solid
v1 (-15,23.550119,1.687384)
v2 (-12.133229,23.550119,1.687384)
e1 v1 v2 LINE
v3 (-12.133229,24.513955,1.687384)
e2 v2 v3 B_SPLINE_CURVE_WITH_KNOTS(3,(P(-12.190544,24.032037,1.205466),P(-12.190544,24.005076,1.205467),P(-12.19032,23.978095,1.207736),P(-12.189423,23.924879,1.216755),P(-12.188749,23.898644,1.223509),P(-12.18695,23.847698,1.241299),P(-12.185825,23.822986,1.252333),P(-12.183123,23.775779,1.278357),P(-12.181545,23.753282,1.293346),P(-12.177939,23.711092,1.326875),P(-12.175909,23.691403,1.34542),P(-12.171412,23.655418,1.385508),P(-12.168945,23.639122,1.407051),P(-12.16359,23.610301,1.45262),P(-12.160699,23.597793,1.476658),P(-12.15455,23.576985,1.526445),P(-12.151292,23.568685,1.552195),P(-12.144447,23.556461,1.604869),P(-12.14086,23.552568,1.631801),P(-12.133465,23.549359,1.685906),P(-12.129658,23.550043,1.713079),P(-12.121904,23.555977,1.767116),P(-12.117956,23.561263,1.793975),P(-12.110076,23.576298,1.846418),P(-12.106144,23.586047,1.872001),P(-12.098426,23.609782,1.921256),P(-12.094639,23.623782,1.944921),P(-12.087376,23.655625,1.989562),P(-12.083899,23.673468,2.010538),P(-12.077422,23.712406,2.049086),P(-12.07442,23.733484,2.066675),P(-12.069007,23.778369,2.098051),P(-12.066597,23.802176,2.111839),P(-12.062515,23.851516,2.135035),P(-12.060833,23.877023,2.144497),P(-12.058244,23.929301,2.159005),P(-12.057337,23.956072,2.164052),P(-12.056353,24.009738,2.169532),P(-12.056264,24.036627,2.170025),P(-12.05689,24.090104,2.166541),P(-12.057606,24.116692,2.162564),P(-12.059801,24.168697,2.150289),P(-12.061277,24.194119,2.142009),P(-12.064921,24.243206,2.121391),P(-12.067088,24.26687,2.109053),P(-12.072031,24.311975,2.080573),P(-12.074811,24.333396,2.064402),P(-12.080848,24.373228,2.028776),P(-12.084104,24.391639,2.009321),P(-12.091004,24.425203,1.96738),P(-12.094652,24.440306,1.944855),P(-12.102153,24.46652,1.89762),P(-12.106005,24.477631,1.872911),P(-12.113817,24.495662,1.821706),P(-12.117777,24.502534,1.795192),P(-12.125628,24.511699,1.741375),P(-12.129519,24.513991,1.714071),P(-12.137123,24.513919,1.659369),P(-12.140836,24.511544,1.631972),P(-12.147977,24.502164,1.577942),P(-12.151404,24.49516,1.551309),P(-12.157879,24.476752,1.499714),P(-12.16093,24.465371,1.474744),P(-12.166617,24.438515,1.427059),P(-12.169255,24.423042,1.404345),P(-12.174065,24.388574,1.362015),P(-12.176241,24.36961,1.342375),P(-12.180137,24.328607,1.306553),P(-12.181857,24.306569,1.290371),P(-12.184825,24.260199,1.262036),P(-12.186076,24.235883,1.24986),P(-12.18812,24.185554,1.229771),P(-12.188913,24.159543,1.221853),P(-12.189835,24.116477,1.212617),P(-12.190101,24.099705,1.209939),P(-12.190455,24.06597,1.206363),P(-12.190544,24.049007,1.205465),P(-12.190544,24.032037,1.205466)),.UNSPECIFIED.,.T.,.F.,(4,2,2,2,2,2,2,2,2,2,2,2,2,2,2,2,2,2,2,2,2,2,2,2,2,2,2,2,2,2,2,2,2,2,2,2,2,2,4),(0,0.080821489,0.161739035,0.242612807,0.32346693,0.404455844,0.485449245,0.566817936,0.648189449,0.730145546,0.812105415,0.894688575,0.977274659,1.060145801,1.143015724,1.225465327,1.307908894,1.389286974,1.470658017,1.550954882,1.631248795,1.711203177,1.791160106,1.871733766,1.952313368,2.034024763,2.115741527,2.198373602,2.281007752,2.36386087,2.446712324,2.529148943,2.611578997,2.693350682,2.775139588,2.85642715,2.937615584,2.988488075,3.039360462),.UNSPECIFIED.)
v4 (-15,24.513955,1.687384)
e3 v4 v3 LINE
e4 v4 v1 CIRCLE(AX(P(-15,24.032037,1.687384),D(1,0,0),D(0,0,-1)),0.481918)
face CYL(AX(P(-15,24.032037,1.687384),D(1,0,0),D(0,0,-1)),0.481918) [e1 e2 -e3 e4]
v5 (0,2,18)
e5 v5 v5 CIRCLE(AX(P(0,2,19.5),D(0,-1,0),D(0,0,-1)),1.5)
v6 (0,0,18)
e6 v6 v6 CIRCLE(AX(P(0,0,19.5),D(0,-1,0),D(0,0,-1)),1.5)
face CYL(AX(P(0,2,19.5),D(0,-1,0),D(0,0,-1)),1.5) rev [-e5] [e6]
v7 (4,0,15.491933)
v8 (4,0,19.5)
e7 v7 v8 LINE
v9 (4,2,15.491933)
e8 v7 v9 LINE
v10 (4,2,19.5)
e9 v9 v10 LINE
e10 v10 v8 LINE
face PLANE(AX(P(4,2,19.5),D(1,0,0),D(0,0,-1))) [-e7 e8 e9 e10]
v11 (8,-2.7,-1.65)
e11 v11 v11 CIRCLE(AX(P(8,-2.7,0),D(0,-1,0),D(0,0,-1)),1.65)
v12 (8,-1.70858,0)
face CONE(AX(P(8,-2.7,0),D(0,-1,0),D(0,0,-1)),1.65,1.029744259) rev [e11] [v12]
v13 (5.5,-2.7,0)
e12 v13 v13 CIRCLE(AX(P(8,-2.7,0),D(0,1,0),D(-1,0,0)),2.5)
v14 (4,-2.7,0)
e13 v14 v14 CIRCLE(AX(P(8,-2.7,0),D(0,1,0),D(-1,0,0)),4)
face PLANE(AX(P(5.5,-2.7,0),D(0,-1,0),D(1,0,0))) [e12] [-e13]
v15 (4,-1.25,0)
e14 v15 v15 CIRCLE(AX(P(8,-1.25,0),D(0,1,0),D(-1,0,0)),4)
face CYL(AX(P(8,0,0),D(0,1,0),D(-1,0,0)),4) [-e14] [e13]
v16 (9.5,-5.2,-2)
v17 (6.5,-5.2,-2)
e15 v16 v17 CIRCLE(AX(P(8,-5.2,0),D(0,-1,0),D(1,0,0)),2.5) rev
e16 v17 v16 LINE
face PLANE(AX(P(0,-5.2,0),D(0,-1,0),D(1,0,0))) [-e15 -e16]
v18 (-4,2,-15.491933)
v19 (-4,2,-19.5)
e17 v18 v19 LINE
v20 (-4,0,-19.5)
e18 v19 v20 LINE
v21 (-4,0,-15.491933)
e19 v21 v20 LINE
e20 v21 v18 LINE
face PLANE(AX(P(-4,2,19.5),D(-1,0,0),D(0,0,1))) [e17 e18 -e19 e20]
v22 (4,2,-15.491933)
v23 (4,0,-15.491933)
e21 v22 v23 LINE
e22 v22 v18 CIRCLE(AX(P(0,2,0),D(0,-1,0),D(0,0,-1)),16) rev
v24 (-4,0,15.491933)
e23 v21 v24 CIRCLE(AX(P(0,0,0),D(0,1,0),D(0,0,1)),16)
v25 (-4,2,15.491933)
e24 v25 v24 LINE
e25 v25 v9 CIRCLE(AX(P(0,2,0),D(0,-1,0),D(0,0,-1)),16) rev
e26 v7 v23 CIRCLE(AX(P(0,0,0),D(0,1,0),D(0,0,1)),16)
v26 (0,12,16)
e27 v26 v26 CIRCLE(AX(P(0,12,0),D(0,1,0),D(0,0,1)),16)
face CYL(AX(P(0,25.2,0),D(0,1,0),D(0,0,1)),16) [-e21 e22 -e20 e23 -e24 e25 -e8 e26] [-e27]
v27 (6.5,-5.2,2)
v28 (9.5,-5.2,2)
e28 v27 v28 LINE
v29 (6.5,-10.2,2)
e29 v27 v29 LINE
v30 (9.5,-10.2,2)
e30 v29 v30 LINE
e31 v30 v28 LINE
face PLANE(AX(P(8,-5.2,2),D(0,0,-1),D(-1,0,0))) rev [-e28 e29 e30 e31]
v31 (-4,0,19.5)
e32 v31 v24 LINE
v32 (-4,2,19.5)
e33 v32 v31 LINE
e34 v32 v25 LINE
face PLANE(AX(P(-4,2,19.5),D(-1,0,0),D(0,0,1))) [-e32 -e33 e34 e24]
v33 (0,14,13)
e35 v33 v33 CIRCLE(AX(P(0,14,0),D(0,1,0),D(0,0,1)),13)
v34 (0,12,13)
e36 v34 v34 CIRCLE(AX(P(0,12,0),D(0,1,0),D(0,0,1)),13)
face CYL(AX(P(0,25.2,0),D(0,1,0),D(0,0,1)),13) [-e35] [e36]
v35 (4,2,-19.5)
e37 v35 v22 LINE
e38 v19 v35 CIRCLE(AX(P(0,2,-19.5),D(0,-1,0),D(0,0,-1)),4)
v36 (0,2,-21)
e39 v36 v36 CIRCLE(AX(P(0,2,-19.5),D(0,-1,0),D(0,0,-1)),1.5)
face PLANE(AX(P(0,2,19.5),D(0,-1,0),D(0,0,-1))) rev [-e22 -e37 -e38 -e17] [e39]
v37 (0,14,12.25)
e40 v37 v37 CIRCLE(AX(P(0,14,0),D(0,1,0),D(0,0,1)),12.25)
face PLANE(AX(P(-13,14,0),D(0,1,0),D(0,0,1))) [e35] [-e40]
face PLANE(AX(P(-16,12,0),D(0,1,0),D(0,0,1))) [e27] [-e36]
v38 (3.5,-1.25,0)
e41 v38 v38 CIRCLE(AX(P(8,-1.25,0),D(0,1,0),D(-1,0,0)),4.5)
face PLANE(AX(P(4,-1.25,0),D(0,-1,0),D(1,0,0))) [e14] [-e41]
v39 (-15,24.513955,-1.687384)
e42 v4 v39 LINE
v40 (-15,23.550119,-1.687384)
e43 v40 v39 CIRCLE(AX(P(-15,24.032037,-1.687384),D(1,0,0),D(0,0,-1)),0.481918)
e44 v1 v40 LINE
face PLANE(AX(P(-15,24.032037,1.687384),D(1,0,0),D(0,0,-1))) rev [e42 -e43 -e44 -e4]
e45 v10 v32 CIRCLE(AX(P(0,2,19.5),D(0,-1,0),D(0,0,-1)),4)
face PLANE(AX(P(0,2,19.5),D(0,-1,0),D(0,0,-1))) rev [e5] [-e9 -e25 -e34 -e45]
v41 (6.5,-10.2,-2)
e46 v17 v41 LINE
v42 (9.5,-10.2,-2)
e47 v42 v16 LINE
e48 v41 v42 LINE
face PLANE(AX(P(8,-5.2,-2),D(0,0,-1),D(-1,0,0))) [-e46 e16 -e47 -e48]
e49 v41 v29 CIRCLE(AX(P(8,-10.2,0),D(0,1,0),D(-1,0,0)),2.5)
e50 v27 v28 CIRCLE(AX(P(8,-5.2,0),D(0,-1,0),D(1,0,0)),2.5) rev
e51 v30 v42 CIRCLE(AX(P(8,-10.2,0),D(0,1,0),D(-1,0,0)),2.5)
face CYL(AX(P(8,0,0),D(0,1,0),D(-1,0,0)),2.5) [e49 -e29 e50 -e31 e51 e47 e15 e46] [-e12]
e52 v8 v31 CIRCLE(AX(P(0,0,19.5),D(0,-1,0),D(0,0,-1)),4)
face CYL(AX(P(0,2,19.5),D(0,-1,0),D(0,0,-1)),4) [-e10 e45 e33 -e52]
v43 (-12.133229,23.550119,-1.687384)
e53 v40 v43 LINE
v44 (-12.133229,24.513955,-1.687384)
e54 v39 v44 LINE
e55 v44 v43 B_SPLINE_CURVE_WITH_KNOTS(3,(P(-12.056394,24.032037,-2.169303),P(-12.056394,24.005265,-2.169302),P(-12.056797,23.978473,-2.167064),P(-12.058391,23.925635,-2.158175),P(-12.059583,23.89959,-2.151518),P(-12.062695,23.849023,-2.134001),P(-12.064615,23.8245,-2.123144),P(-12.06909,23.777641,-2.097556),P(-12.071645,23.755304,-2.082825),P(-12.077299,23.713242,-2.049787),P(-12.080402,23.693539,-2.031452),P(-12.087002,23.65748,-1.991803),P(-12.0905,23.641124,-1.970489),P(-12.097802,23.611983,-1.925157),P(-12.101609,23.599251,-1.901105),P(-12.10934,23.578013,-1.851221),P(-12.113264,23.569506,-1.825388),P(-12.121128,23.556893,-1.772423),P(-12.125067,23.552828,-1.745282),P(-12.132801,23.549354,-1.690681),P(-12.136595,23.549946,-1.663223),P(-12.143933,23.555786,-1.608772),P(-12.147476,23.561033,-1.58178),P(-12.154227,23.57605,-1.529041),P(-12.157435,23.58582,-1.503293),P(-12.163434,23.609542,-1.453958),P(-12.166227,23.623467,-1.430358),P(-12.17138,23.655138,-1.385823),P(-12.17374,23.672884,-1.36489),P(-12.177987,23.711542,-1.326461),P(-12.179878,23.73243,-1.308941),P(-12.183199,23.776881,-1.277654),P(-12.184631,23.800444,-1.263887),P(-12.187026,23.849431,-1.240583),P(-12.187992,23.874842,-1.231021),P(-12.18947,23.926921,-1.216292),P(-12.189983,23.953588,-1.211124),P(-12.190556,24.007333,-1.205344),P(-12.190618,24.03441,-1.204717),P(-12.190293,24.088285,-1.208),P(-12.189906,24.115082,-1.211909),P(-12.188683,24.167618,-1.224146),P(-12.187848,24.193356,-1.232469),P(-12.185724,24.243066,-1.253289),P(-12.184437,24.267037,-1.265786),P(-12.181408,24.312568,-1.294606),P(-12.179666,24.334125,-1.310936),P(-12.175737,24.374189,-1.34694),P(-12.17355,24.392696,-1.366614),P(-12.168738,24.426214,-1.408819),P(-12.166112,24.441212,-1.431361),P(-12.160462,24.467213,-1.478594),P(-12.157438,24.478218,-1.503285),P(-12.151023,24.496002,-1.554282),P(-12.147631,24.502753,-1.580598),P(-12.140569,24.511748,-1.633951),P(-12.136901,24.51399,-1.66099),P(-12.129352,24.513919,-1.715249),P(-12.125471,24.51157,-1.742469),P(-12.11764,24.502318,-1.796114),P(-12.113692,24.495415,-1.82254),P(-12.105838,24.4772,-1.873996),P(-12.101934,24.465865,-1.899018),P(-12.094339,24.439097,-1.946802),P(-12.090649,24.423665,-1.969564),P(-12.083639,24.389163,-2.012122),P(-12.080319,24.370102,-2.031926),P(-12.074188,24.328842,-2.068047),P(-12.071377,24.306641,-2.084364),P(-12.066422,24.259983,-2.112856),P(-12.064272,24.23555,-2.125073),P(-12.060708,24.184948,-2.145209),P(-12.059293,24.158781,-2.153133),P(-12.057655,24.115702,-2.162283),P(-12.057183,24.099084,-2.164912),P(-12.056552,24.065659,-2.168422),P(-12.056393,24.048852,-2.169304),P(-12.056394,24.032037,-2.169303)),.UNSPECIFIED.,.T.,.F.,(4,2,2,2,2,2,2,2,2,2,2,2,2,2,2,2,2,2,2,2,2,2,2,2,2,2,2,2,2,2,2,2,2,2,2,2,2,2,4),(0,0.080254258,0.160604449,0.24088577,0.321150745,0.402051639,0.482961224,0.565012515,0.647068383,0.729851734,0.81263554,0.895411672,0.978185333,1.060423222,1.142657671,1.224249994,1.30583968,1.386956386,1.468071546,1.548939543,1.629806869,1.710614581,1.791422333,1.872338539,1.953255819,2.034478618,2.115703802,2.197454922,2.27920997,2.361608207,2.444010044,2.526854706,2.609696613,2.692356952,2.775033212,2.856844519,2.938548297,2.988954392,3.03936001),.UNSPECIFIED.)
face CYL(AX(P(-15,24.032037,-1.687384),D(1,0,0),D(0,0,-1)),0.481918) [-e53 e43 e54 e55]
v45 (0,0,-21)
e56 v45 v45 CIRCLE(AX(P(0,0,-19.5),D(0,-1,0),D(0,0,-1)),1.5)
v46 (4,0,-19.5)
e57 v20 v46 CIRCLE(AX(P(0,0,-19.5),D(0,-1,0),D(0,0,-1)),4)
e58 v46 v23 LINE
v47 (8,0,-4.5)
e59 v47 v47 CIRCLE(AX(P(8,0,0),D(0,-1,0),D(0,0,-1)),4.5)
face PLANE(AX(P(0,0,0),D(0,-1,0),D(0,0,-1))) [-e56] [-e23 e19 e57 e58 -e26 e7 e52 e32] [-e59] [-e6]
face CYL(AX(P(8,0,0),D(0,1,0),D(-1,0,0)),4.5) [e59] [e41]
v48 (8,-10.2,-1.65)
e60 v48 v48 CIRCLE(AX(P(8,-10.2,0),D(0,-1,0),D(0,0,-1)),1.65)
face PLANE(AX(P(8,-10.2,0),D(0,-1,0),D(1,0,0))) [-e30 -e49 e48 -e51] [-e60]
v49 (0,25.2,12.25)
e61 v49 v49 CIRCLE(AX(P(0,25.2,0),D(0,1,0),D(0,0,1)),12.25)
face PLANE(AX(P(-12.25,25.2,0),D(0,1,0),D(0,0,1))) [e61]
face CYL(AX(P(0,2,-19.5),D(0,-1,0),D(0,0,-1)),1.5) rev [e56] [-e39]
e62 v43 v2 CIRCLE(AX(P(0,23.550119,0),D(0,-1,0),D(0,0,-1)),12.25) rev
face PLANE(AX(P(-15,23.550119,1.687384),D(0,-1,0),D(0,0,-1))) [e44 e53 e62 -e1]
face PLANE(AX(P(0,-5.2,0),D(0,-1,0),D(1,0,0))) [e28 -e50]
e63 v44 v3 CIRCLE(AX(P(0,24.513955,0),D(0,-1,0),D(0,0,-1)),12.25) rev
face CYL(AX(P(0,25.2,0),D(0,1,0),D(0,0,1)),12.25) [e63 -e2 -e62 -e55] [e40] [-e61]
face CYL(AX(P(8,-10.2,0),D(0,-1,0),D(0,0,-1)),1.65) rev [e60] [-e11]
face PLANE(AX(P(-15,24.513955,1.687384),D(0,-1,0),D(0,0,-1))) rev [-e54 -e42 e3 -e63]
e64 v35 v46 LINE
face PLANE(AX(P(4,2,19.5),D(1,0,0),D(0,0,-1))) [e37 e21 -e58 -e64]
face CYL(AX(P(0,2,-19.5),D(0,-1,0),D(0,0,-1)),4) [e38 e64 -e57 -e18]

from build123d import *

# Parameters (mm, degrees)
HOLE_WIZARD_M4_1_D     = 3.3
HOLE_WIZARD_M4_1_DEPTH = 7.5
HOLE_WIZARD_M4_1_TIP   = 0.991420021
CUT_EXTRUDE_START      = 10.2
SKETCH_5_W             = 10.320177725
SKETCH_5_H             = 3.570001837
SKETCH_5_W_2           = 11.817937116
SKETCH_5_H_2           = 2.503104736
CUT_EXTRUDE_1_DEPTH    = 5
SKETCH_6_R             = 1.5
EXTRUDE_1_DEPTH        = 2
EXTRUDE_2_DEPTH        = 15


with BuildPart() as part:
    # 草图1 → 旋转1 (revolve)
    with BuildSketch(Plane.XY):
        Polygon((0, 0), (-16, 0), (-16, 12), (-13, 12), (-13, 14), (-12.25, 14), (-12.25, 25.2), (0, 25.2), align=None)
    revolve(axis=Axis((0, 25.2, 0), (0, -1, 0)))

    # 草图2 → 旋转2 (revolve)
    with BuildSketch(Plane.XY):
        Polygon((8, -10.2), (5.5, -10.2), (5.5, -2.7), (4, -2.7), (4, -1.25), (3.5, -1.25), (3.5, 0), (8, 0), align=None)
    revolve(axis=Axis((8, 0, 0), (0, -1, 0)))

    # M4 螺纹孔1
    with Locations(Plane(origin=(0, -10.2, 0), x_dir=(-1, 0, 0), z_dir=(0, -1, 0))):
        with Locations((-8, 0)):
            Hole(HOLE_WIZARD_M4_1_D / 2, depth=HOLE_WIZARD_M4_1_DEPTH)
            with Locations((0, 0, -(HOLE_WIZARD_M4_1_DEPTH + HOLE_WIZARD_M4_1_TIP / 2))):  # 118° drill point
                Cone(0, HOLE_WIZARD_M4_1_D / 2, HOLE_WIZARD_M4_1_TIP, mode=Mode.SUBTRACT)

    # 草图5 → 切除-拉伸1 (cut)
    with BuildSketch(Plane.XZ.offset(CUT_EXTRUDE_START)):
        with Locations((7.585780696, 3.785000919)):
            Rectangle(SKETCH_5_W, SKETCH_5_H)
        with Locations((6.836901, -3.251552368)):
            Rectangle(SKETCH_5_W_2, SKETCH_5_H_2)
    extrude(amount=-CUT_EXTRUDE_1_DEPTH, mode=Mode.SUBTRACT)

    # 草图6 → 凸台-拉伸1 (add)
    with BuildSketch(Plane.XZ):
        with BuildLine():
            Line((4, 19.5), (4, -19.5))
            ThreePointArc((4, -19.5), (0, -23.5), (-4, -19.5))
            Line((-4, -19.5), (-4, 19.5))
            ThreePointArc((-4, 19.5), (0, 23.5), (4, 19.5))
        make_face()
        with Locations((0, -19.5)):
            Circle(SKETCH_6_R, mode=Mode.SUBTRACT)
        with Locations((0, 19.5)):
            Circle(SKETCH_6_R, mode=Mode.SUBTRACT)
    extrude(amount=-EXTRUDE_1_DEPTH)

    # 草图7 → 凸台-拉伸2 (add)
    with BuildSketch(Plane(origin=(0, 0, 0), x_dir=(0, 0, -1), z_dir=(1, 0, 0))):
        with BuildLine():
            Line((-1.687384392, 24.513955372), (1.687384392, 24.513955372))
            ThreePointArc((1.687384392, 24.513955372), (2.169302813, 24.032036951), (1.687384392, 23.550118529))
            Line((1.687384392, 23.550118529), (-1.687384392, 23.550118529))
            ThreePointArc((-1.687384392, 23.550118529), (-2.169302813, 24.032036951), (-1.687384392, 24.513955372))
        make_face()
    extrude(amount=-EXTRUDE_2_DEPTH)


solid = part.part
